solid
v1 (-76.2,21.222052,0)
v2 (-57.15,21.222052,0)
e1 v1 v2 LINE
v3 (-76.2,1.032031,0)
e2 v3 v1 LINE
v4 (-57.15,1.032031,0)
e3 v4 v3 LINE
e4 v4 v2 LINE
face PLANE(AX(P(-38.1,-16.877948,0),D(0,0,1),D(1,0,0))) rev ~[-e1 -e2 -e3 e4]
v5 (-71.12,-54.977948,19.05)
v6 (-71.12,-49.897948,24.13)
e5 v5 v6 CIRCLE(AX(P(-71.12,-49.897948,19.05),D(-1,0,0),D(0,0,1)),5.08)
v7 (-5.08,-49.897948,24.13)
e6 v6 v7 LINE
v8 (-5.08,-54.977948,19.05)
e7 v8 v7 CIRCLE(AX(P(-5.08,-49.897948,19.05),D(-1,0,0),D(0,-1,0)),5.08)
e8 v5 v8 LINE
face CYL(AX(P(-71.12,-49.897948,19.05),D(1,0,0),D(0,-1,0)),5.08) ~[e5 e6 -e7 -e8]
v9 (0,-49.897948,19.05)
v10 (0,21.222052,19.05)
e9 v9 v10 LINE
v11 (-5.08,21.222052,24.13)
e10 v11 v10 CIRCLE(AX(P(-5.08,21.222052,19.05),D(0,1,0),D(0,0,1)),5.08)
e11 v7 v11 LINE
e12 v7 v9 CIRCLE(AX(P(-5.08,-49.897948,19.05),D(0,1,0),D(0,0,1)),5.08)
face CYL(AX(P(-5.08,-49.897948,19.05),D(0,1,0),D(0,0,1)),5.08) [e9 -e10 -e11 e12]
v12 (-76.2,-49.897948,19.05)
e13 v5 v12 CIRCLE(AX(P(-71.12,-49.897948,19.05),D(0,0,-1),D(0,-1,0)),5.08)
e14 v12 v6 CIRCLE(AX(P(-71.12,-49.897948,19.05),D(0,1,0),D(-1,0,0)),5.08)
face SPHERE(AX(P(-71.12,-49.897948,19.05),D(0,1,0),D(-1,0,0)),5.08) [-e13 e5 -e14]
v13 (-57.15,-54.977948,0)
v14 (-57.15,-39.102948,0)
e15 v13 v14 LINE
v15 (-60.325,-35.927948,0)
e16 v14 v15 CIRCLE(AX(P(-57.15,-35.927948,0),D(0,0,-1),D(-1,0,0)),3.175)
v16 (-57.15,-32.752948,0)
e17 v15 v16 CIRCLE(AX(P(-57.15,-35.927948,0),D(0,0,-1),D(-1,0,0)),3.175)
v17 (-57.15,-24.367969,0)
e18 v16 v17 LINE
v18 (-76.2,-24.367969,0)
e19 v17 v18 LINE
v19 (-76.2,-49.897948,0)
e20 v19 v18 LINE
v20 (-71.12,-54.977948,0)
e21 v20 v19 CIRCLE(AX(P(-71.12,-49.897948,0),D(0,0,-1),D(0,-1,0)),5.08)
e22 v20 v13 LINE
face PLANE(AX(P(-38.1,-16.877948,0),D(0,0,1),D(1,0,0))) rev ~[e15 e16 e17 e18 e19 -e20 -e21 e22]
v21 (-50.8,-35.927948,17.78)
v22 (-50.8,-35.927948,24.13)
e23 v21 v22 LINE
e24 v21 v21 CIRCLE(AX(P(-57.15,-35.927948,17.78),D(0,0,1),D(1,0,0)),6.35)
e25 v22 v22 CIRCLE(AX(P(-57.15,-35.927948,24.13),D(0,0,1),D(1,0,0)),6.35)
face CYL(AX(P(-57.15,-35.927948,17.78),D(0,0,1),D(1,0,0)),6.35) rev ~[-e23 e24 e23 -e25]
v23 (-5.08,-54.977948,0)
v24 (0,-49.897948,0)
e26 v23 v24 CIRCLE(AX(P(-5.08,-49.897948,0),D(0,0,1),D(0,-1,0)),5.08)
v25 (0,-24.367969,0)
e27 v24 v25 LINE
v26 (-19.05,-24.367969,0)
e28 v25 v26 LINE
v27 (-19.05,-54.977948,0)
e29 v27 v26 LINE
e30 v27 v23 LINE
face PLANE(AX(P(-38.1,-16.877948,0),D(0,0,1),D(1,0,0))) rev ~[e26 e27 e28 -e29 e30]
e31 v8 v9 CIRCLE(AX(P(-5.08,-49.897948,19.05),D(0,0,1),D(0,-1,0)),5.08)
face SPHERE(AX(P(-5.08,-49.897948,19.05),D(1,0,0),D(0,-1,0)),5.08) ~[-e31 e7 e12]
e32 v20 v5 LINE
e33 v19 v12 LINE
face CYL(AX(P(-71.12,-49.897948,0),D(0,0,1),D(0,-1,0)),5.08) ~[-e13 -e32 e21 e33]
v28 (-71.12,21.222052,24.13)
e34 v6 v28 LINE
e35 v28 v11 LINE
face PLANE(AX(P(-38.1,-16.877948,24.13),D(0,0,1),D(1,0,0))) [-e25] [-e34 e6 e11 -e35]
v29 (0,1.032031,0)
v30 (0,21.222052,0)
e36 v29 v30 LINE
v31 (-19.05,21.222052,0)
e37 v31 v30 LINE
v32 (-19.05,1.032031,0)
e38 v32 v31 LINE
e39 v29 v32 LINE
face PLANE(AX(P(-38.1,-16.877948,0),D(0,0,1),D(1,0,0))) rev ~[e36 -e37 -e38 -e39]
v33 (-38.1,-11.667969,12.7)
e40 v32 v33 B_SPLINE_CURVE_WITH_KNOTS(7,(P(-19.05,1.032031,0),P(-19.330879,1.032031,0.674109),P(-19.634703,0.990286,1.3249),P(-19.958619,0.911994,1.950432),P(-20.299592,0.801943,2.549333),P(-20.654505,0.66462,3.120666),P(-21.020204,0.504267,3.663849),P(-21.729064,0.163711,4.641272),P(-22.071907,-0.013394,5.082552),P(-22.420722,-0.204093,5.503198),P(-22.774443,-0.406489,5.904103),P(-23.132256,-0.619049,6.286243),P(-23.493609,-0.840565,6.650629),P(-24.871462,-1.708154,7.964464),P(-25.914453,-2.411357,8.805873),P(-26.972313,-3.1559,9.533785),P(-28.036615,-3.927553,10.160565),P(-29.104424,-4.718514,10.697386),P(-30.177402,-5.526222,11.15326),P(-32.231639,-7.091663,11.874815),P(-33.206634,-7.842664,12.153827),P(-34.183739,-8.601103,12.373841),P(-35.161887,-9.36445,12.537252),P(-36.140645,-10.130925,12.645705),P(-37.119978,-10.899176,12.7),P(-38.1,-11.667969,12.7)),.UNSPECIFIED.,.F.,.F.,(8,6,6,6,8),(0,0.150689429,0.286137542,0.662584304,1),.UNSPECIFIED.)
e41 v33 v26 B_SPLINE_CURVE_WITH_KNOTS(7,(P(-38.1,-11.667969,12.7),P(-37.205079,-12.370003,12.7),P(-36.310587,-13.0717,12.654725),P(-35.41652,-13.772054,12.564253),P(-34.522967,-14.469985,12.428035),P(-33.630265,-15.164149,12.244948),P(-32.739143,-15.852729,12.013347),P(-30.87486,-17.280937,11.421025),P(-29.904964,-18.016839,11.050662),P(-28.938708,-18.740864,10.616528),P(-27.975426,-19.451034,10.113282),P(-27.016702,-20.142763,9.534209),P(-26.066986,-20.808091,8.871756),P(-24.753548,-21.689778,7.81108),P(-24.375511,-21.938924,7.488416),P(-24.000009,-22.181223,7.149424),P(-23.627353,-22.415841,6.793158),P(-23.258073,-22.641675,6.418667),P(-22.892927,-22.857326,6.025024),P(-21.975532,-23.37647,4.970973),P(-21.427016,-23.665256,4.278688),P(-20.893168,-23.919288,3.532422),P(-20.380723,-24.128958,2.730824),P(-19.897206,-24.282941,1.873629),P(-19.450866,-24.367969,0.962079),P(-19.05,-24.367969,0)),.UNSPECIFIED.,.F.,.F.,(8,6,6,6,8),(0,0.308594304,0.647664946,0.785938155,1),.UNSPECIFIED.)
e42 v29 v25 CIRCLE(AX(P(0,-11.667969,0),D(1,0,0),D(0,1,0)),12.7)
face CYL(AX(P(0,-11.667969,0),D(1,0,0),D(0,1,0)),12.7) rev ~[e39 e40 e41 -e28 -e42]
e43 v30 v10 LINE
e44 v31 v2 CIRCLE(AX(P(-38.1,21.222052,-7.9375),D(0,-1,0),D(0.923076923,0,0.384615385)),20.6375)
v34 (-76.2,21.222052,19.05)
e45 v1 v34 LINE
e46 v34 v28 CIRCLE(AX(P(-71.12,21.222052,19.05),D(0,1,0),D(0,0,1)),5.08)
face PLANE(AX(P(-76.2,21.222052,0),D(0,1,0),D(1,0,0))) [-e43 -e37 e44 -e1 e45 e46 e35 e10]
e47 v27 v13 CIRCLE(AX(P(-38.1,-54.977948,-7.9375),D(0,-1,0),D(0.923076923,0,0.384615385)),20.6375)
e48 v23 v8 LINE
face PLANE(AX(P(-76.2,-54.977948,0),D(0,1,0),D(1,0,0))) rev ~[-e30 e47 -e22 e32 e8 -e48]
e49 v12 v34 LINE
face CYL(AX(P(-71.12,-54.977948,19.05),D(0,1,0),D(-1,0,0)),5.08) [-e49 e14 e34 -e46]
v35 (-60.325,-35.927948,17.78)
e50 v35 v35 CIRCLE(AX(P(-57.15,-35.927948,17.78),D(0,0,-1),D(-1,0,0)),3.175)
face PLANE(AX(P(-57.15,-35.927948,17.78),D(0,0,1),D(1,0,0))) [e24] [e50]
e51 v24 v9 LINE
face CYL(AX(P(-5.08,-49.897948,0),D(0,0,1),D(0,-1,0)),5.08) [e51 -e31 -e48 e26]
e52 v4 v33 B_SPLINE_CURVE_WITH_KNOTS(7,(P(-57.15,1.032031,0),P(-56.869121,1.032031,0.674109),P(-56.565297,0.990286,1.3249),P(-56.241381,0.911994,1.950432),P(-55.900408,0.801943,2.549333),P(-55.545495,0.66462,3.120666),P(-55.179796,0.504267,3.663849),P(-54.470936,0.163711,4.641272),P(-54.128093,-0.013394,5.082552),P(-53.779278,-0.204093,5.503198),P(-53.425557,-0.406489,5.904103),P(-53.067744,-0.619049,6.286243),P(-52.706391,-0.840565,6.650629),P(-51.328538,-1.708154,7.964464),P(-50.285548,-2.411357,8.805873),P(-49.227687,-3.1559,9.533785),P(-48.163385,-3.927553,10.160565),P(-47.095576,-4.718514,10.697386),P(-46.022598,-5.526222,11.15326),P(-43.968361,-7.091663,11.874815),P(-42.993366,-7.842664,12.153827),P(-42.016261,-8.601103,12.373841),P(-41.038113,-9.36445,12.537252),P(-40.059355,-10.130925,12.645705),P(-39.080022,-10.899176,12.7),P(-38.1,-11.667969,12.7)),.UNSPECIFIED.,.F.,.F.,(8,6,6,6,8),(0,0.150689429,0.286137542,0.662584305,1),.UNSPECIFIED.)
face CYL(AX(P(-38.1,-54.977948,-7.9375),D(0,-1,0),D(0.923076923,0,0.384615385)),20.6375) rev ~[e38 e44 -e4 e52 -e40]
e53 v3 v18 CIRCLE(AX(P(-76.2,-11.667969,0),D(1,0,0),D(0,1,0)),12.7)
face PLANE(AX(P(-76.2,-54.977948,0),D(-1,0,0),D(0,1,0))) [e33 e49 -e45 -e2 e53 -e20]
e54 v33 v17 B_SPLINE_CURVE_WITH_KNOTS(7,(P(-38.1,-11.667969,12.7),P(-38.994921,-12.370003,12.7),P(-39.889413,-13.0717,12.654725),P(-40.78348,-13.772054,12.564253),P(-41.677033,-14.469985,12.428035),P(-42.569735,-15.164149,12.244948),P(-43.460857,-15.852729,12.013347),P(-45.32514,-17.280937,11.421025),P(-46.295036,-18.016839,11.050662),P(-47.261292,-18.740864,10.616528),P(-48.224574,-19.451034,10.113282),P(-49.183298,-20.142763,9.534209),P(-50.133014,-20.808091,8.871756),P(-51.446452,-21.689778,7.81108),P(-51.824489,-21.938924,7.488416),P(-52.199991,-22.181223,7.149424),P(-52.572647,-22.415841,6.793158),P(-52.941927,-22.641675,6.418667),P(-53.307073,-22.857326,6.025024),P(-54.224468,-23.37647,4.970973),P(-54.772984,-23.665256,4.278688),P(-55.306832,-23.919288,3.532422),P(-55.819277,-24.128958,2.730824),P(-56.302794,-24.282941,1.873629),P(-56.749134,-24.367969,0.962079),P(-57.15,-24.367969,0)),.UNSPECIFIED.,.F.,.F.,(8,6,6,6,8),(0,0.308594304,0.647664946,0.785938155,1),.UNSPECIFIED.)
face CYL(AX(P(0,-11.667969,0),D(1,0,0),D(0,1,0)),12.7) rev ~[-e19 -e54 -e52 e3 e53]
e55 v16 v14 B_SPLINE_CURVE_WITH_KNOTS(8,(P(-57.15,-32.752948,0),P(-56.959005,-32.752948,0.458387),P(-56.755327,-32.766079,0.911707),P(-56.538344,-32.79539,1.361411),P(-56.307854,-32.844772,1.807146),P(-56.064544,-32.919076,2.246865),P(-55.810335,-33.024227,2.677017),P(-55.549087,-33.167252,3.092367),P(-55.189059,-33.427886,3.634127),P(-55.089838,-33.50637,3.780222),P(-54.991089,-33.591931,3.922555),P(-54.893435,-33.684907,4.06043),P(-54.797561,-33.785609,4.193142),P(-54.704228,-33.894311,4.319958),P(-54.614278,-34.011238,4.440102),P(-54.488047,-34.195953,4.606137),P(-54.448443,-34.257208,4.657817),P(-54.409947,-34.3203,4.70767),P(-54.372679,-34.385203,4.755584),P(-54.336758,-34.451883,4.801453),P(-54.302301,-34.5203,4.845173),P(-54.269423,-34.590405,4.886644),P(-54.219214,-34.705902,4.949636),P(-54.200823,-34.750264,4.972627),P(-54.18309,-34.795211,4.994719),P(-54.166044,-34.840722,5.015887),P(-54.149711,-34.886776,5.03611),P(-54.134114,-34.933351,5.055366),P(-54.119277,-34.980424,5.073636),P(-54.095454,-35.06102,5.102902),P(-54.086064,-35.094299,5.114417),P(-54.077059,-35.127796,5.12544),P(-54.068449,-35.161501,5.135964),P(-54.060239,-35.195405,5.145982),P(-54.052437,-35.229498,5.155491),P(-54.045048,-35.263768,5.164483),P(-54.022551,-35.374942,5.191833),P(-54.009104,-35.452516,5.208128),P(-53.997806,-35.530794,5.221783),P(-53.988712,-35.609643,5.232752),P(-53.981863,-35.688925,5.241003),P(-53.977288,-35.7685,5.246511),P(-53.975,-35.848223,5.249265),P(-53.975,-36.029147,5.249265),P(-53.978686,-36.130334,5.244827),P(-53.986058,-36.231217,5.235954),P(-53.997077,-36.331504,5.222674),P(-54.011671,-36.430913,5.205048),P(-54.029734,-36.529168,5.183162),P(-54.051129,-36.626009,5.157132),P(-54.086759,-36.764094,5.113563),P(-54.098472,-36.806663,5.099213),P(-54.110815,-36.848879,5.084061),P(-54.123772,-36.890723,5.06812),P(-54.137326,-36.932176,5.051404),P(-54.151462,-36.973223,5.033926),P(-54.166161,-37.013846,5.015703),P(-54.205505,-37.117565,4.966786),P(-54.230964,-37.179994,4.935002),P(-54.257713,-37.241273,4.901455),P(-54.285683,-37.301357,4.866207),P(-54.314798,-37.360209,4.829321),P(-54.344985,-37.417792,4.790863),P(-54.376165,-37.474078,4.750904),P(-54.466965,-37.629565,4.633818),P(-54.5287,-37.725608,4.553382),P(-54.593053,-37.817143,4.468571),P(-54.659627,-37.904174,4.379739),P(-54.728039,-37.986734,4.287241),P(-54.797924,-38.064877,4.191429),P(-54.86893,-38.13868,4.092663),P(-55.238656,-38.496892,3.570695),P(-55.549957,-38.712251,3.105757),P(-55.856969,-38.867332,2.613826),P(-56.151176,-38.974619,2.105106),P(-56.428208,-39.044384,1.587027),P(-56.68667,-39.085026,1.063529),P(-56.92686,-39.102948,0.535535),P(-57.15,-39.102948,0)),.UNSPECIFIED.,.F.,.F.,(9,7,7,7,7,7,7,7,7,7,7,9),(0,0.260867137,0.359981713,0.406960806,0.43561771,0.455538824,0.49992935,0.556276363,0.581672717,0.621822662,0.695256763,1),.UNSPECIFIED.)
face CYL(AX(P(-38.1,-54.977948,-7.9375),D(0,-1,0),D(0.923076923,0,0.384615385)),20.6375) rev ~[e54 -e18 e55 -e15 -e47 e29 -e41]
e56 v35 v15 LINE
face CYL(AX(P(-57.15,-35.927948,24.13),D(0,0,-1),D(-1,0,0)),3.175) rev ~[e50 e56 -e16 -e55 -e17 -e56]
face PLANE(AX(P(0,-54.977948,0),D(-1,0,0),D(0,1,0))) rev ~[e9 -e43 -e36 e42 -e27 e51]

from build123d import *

# Parameters (mm, degrees)
F0_W           = 76.2
F0_H           = 76.2
F1_DEPTH       = 24.13
F3_DEPTH       = 76.201
F5_DEPTH       = 76.201
F7_D           = 6.35
F7_CBORE_D     = 12.7
F7_CBORE_DEPTH = 6.35
F8_R           = 5.08
F9_R           = 5.08
F10_R          = 5.08


with BuildPart() as f1:
    # F0 (on Top) → F1 (new body)
    with BuildSketch(Plane.XY):
        with Locations((-38.1, -16.877948)):
            Rectangle(F0_W, F0_H)
    extrude(amount=F1_DEPTH)

    # F2 (on face) → F3 (cut, through all)
    with BuildSketch(Plane.YZ):
        with BuildLine():
            Line((-24.367969, 0), (1.032031, 0))
            ThreePointArc((1.032031, 0), (-11.667969, 12.7), (-24.367969, 0))
        make_face()
    extrude(amount=-F3_DEPTH, mode=Mode.SUBTRACT)

    # F4 (on face) → F5 (cut, through all)
    with BuildSketch(Plane.XZ.offset(54.977948)):
        with BuildLine():
            Line((-57.15, 0), (-19.05, 0))
            ThreePointArc((-19.05, 0), (-38.1, 12.7), (-57.15, 0))
        make_face()
    extrude(amount=-F5_DEPTH, mode=Mode.SUBTRACT)

    # F7 (through all)
    with Locations(Plane.XY.offset(24.13)):
        with Locations((-57.15, -35.927948)):
            CounterBoreHole(F7_D / 2, F7_CBORE_D / 2, F7_CBORE_DEPTH)

    # F8
    f8_edges = [f1.edges().sort_by_distance(p)[0] for p in [
        (-76.2, -16.877948, 24.13),
    ]]
    fillet(f8_edges, radius=F8_R)

    # F9
    f9_edges = [f1.edges().sort_by_distance(p)[0] for p in [
        (-35.56, -54.977948, 24.13),
    ]]
    fillet(f9_edges, radius=F9_R)

    # F10
    f10_edges = [f1.edges().sort_by_distance(p)[0] for p in [
        (0, -14.337948, 24.13),
    ]]
    fillet(f10_edges, radius=F10_R)


solid = f1.part
